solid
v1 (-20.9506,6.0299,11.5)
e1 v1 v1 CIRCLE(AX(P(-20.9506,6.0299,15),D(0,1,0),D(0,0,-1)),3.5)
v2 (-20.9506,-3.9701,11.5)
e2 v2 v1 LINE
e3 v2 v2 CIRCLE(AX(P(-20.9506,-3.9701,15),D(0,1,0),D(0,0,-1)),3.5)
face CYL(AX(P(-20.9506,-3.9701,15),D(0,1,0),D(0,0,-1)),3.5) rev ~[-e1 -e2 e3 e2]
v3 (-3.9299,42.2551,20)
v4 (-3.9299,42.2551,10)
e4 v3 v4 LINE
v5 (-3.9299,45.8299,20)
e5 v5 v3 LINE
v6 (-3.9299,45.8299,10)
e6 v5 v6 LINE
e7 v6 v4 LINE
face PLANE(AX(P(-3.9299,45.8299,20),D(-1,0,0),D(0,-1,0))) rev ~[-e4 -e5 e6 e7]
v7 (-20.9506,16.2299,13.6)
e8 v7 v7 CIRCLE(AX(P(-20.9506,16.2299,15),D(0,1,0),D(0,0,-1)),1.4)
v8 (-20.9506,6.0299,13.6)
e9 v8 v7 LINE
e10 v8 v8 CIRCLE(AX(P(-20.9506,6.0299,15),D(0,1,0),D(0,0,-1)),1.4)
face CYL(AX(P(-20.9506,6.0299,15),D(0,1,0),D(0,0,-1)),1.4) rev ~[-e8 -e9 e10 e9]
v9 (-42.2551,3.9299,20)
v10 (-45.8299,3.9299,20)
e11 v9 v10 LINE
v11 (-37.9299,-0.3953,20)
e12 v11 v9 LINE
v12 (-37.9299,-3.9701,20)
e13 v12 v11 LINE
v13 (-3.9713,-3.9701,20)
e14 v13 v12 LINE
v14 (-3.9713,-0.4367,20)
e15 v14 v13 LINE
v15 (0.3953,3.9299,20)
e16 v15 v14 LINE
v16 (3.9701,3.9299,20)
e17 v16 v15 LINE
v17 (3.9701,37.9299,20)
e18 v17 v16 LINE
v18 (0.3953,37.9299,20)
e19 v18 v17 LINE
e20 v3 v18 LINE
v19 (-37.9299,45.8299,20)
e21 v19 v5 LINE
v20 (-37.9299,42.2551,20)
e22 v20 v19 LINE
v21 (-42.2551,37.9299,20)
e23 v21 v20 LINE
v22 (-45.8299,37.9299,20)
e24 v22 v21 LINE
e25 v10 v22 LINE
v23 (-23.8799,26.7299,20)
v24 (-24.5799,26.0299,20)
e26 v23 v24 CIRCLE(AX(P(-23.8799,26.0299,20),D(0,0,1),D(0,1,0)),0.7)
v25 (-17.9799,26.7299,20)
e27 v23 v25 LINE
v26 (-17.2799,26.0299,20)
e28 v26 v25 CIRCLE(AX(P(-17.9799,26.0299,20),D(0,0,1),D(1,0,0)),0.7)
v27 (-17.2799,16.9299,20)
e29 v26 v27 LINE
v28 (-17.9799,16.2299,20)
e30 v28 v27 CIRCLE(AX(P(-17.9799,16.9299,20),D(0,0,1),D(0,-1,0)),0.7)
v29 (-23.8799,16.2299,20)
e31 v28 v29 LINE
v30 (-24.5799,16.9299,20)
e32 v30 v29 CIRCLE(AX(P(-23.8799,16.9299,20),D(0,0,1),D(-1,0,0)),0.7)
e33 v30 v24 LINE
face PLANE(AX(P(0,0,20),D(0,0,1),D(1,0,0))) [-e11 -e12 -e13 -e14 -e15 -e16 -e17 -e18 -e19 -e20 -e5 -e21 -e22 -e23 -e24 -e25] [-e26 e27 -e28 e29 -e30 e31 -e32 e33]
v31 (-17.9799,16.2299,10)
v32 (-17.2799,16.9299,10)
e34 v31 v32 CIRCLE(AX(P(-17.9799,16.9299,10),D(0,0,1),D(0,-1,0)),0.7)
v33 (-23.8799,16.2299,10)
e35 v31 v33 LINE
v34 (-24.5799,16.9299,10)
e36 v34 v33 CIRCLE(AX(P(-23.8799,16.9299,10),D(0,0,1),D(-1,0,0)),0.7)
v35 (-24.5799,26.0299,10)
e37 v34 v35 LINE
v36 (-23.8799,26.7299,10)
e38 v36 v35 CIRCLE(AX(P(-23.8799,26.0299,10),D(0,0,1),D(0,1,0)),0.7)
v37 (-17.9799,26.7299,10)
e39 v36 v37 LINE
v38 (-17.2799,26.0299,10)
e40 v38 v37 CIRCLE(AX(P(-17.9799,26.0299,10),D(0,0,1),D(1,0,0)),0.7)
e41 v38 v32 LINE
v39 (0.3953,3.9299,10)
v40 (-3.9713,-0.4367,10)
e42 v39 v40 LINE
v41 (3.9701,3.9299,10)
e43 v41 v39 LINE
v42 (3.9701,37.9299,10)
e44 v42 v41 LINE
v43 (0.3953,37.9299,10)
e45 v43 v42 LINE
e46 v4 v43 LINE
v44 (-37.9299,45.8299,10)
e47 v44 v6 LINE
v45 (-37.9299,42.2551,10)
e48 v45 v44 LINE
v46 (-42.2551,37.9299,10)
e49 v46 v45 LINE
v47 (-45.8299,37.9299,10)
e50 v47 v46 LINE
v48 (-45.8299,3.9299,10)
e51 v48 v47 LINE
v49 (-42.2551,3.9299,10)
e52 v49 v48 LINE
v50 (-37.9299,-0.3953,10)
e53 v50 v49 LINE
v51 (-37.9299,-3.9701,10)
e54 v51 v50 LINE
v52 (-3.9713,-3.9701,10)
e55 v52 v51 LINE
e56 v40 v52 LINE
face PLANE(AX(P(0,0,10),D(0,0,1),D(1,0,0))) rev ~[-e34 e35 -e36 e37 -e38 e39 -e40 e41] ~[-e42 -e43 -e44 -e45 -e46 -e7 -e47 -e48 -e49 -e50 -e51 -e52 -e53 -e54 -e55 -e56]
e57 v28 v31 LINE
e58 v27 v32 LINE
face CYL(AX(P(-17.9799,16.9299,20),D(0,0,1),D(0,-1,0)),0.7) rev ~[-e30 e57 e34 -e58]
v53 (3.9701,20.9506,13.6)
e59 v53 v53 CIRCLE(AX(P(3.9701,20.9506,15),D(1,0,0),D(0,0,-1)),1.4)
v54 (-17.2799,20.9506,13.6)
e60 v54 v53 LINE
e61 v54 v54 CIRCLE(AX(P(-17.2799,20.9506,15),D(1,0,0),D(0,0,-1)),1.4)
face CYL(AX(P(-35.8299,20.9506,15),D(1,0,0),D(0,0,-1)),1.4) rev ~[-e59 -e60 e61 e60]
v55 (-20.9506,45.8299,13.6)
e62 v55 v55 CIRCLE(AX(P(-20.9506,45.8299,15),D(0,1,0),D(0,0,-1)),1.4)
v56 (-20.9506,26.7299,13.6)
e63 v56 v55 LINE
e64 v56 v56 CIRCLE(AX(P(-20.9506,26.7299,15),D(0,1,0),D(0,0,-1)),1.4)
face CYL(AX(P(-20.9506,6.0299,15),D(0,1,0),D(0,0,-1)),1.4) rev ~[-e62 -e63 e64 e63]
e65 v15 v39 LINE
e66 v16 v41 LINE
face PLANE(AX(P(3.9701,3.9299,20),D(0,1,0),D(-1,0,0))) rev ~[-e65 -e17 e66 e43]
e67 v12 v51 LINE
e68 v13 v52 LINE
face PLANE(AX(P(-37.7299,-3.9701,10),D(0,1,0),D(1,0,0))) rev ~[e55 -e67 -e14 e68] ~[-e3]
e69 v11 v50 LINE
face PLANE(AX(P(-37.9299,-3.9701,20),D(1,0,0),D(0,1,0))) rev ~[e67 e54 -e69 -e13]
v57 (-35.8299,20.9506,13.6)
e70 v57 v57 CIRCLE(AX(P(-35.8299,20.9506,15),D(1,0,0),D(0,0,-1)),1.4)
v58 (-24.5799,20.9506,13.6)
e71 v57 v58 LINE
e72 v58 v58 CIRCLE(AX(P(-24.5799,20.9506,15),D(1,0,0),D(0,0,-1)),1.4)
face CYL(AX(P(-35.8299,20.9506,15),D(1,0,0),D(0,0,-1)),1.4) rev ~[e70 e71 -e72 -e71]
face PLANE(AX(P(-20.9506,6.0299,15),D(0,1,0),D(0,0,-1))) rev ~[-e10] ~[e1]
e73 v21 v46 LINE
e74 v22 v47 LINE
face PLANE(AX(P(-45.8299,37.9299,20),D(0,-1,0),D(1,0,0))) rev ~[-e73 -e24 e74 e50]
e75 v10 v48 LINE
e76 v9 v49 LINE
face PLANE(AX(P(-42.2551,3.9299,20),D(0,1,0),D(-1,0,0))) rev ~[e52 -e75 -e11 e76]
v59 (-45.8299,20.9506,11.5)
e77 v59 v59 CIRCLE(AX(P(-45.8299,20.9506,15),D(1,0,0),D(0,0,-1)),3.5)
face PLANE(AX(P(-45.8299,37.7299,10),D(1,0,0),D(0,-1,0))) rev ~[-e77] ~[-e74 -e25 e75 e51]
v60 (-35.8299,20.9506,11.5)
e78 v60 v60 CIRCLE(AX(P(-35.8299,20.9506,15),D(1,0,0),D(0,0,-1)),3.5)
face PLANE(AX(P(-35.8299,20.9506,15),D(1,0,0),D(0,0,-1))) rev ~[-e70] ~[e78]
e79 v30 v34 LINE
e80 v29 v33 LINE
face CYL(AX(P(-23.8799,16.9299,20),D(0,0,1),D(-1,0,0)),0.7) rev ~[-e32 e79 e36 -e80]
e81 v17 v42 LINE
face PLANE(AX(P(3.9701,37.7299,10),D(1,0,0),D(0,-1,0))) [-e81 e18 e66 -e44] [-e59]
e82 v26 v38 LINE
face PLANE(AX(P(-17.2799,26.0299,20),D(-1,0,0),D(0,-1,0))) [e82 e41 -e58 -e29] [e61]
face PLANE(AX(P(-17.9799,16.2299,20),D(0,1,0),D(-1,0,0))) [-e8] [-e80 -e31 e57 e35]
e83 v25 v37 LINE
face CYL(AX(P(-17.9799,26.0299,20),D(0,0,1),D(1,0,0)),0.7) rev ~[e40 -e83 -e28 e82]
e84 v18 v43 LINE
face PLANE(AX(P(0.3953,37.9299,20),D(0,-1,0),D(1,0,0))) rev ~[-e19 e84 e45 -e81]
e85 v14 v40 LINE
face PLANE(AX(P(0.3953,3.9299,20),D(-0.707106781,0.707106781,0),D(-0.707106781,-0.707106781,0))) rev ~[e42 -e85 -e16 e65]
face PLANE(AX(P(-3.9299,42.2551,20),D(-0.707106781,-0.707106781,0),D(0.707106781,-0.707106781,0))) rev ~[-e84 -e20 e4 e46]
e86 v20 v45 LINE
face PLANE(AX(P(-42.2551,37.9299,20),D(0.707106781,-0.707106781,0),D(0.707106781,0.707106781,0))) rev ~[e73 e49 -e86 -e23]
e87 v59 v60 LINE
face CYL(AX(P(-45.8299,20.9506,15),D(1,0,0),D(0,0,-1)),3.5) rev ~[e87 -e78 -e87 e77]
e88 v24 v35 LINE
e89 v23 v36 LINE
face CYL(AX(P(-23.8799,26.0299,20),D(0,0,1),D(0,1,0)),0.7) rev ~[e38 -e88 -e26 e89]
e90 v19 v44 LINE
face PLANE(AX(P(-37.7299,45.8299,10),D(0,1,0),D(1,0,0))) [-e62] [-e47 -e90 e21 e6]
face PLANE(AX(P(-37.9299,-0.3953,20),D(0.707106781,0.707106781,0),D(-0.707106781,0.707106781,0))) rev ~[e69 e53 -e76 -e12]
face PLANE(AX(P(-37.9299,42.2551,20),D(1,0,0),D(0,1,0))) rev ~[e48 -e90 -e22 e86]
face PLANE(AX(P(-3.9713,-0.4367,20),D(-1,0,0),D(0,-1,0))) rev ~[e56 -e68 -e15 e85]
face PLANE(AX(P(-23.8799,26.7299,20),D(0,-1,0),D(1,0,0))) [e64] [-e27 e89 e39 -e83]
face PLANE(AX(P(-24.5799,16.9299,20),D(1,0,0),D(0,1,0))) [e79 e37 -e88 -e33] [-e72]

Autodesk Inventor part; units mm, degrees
ref_plane "YZ Plane" through (0, 0, 0) normal (1, 0, 0) x (0, 1, 0)
ref_plane "XZ Plane" through (0, 0, 0) normal (0, 1, 0) x (-1, 0, 0)
ref_plane "Work Plane1" through (0, 0, 10) normal (0, 0, 1) x (1, 0, 0)
sketch "Sketch1" plane through (0, 0, 10) normal (0, 0, 1) x (1, 0, 0)
  line L0 (-4.0299, -0.3538) -> (-2.2322, 1.4439) construction
  arc A0 (-1.4439, 2.2322) -> (-2.2322, 1.4439) centre (-0.9299, 0.9299) ccw construction
  line L1 (-1.4439, 2.2322) -> (0.3538, 4.0299) construction
  line L2 (-37.8299, 42.8299) -> (-37.8299, 37.8299) construction
  line L3 (-37.8299, 37.8299) -> (-42.9208, 37.8299) construction
  line L4 (-37.8299, 42.2137) -> (-37.8299, 45.8299) construction
  line L5 (-37.8299, 45.8299) -> (-4.0299, 45.8299) construction
  line L6 (-4.0299, 45.8299) -> (-4.0299, 42.2137) construction
  line L7 (-4.0299, 4.0299) -> (0.3538, 4.0299) projected
  circle A1 centre (-20.9299, 20.9299) radius 17.5 projected
  line L8 (-20.9299, 58.9723) -> (17.1124, 20.9299) construction
  line L9 (17.1124, 20.9299) -> (-20.9299, -17.1124) construction
  line L10 (-20.9299, -17.1124) -> (-58.9723, 20.9299) construction
  line L11 (-58.9723, 20.9299) -> (-20.9299, 58.9723) construction
  line L12 (-20.9299, 58.9723) -> (-20.9299, -17.1124) construction
  line L13 (17.1124, 20.9299) -> (-58.9723, 20.9299) construction
  line L14 (-20.9299, 58.9723) -> (32.8701, 58.9723) construction
  line L15 (-43.4299, 43.4299) -> (1.5701, 43.4299) construction
  line L16 (1.5701, 43.4299) -> (1.5701, -1.5701) construction
  line L17 (1.5701, -1.5701) -> (-43.4299, -1.5701) construction
  line L18 (-43.4299, -1.5701) -> (-43.4299, 43.4299) construction
  line L19 (-43.4299, 43.4299) -> (1.5701, -1.5701) construction
  line L20 (1.5701, 43.4299) -> (-43.4299, -1.5701) construction
  line L21 (-43.4299, 5.3876) -> (-43.4299, 36.4723)
  line L22 (-43.4299, 36.4723) -> (-36.4723, 43.4299)
  line L23 (-36.4723, 43.4299) -> (-5.3876, 43.4299)
  line L24 (-5.3876, 43.4299) -> (1.5701, 36.4723)
  line L25 (1.5701, 36.4723) -> (1.5701, 5.3876)
  line L26 (1.5701, 5.3876) -> (-5.3876, -1.5701)
  line L27 (-5.3876, -1.5701) -> (-36.4723, -1.5701)
  line L28 (-36.4723, -1.5701) -> (-43.4299, 5.3876)
  line L29 (-4.0299, 42.2137) -> (-37.8299, 42.2137) projected
  line L30 (-4.0299, -0.3538) -> (-4.0299, 4.0299) projected
  circle A2 centre (-20.9299, 20.9299) radius 1.5
  line L31 (-10.9299, 10.9299) -> (-30.9299, 10.9299) construction
  line L32 (-30.9299, 10.9299) -> (-30.9299, 30.9299) construction
  line L33 (-30.9299, 30.9299) -> (-10.9299, 30.9299) construction
  line L34 (-10.9299, 30.9299) -> (-10.9299, 10.9299) construction
  line L35 (-10.9299, 10.9299) -> (-30.9299, 30.9299) construction
  line L36 (-30.9299, 10.9299) -> (-10.9299, 30.9299) construction
  circle A3 centre (-30.9299, 30.9299) radius 1.4
  circle A4 centre (-30.9299, 10.9299) radius 1.4
  circle A5 centre (-10.9299, 10.9299) radius 1.4
  line L37 (-45.8299, 37.8299) -> (-42.0723, 37.8299) construction
  line L38 (-42.1723, 37.7299) -> (-45.8299, 37.7299)
  line L39 (-45.8299, 37.7299) -> (-45.8299, 4.1299)
  line L40 (-45.8299, 4.1299) -> (-42.1723, 4.1299)
  line L41 (-42.1723, 4.1299) -> (-42.1723, 37.7299)
  line L42 (-45.8299, 4.0299) -> (-42.0723, 4.0299) construction
  line L43 (-45.8299, 37.8299) -> (-42.0723, 37.8299) projected
  line L44 (-37.7299, 45.8299) -> (-4.1299, 45.8299)
  line L45 (-4.1299, 45.8299) -> (-4.1299, 42.1723)
  line L46 (-4.1299, 42.1723) -> (-37.7299, 42.1723)
  line L47 (-37.7299, 42.1723) -> (-37.7299, 45.8299)
  line L48 (0.4701, 37.8299) -> (0.4701, 4.0299) construction
  line L49 (0.4701, 4.0299) -> (3.9701, 4.0299) construction
  line L50 (3.9701, 37.8299) -> (3.9701, 4.0299) construction
  line L51 (0.4701, 37.8299) -> (3.9701, 37.8299) construction
  line L52 (-45.8299, -3.9701) -> (-4.0299, -3.9701) construction
  line L53 (0.3124, 37.7299) -> (3.9701, 37.7299)
  line L54 (3.9701, 37.7299) -> (3.9701, 4.1299)
  line L55 (3.9701, 4.1299) -> (0.3124, 4.1299)
  line L56 (0.3124, 4.1299) -> (0.3124, 37.7299)
  line L57 (-4.1713, -0.3538) -> (-37.7299, -0.3538)
  line L58 (-37.7299, -0.3538) -> (-37.7299, -3.9701)
  line L59 (-37.7299, -3.9701) -> (-4.1713, -3.9701)
  line L60 (-4.1713, -3.9701) -> (-4.1713, -0.3538)
  point P0 (-37.8299, 4.0299)
  dimension "d18" = 53.8
  dimension "d19" = 45
  dimension "d20" = 53.8
  dimension "d21" = 45
  dimension "d22" = 45
  dimension "d30" = 20
  dimension "d31" = 20
  dimension "d32" = 2.8
  dimension "d33" = 2.8
  dimension "d34" = 2.8
  dimension "d35" = 3
  dimension "d36" = 0.1
  dimension "d37" = 0.1
  dimension "d38" = 0.1
  dimension "d39" = 0.1
extrude "Extrusion1" add sketch "Sketch1" along normal blind 10 contours L30 L26 L57 L28 L41 L22 L46 L24 L56 L7 | L7 L26 L30 | L56 L24 L25 L26 | L26 L25 L24 L53 L54 L55 | L60 L59 L58 L57 L28 L27 L26 | L26 L27 L28 L57 | L46 L22 L29 L24 | L24 L29 L45 | L40 L39 L38 L22 L21 L28 | L28 L21 L22 L41 | L29 L22 L23 L24 | L24 L23 L22 L29 L47 L44 L45 | L47 L29 L22 | A1 | A2 | A3 | A4 | A5
sketch "Skizze4" plane through (0, 0, 20) normal (0, 0, 1) x (1, 0, 0)
  line L0 (-37.7299, 42.1723) -> (-42.1723, 37.7299) projected
  line L1 (-42.1723, 37.7299) -> (-45.8299, 37.7299) projected
  line L2 (-45.8299, 37.7299) -> (-45.8299, 4.1299) construction
  line L3 (-45.8299, 4.1299) -> (-42.1723, 4.1299) projected
  line L4 (-42.1723, 4.1299) -> (-37.6885, -0.3538) projected
  line L5 (-37.6885, -0.3538) -> (-37.7299, -0.3538) projected
  line L6 (-37.7299, -0.3538) -> (-37.7299, -3.9701) projected
  line L7 (-37.7299, -3.9701) -> (-4.1713, -3.9701) construction
  line L8 (-4.1713, -3.9701) -> (-4.1713, -0.3538) projected
  line L9 (-4.1713, -0.3538) -> (0.3124, 4.1299) projected
  line L10 (0.3124, 4.1299) -> (3.9701, 4.1299) projected
  line L11 (3.9701, 4.1299) -> (3.9701, 37.7299) construction
  line L12 (3.9701, 37.7299) -> (0.3124, 37.7299) projected
  line L13 (0.3124, 37.7299) -> (-4.1299, 42.1723) projected
  line L14 (-4.1299, 42.1723) -> (-4.1299, 45.8299) projected
  line L15 (-4.1299, 45.8299) -> (-37.7299, 45.8299) construction
  line L16 (-37.7299, 45.8299) -> (-37.7299, 42.1723) projected
  line L17 (-37.9299, 46.0299) -> (-3.9299, 46.0299) construction
  line L18 (-3.9299, 46.0299) -> (-3.9299, 42.2551)
  line L19 (-3.9299, 42.2551) -> (0.3953, 37.9299)
  line L20 (0.3953, 37.9299) -> (4.1701, 37.9299)
  line L21 (4.1701, 37.9299) -> (4.1701, 3.9299) construction
  line L22 (4.1701, 3.9299) -> (0.3953, 3.9299)
  line L23 (0.3953, 3.9299) -> (-3.9713, -0.4367)
  line L24 (-3.9713, -0.4367) -> (-3.9713, -4.1701)
  line L25 (-3.9713, -4.1701) -> (-37.9299, -4.1701) construction
  line L26 (-37.9299, -4.1701) -> (-37.9299, -0.3953)
  line L27 (-37.9299, -0.3953) -> (-42.2551, 3.9299)
  line L28 (-42.2551, 3.9299) -> (-46.0299, 3.9299)
  line L29 (-46.0299, 3.9299) -> (-46.0299, 37.9299) construction
  line L30 (-46.0299, 37.9299) -> (-42.2551, 37.9299)
  line L31 (-42.2551, 37.9299) -> (-37.9299, 42.2551)
  line L32 (-37.9299, 42.2551) -> (-37.9299, 46.0299)
  line L33 (-45.8299, 37.7299) -> (-45.8299, 37.9299)
  line L34 (-4.1299, 45.8299) -> (-37.7299, 45.8299) projected
  line L35 (-37.7299, 45.8299) -> (-37.9299, 45.8299)
  line L36 (-4.1299, 45.8299) -> (-3.9299, 45.8299)
  line L37 (3.9701, 37.7299) -> (3.9701, 37.9299)
  line L38 (3.9701, 4.1299) -> (3.9701, 37.7299) projected
  line L39 (3.9701, 4.1299) -> (3.9701, 3.9299)
  line L40 (-4.1713, -3.9701) -> (-3.9713, -3.9701)
  line L41 (-37.7299, -3.9701) -> (-37.9299, -3.9701)
  line L42 (-45.8299, 4.1299) -> (-45.8299, 3.9299)
  point P0 (0, 0)
  dimension "d40" = 0.2
extrude "IM_offset" add sketch "Skizze4" against normal up to surface (10 mm away)
sketch "Sketch25" plane through (0, 0, 10) normal (0, 0, -1) x (-1, 0, 0)
  line L0 (3.9713, -3.9701) -> (37.9299, -3.9701) projected
  line L1 (37.9299, -3.9701) -> (37.9299, -0.3953) projected
  line L2 (37.9299, -0.3953) -> (42.2551, 3.9299) projected
  line L3 (42.2551, 3.9299) -> (45.8299, 3.9299) projected
  line L4 (45.8299, 3.9299) -> (45.8299, 37.9299) projected
  line L5 (45.8299, 37.9299) -> (42.2551, 37.9299) projected
  line L6 (42.2551, 37.9299) -> (37.9299, 42.2551) projected
  line L7 (37.9299, 42.2551) -> (37.9299, 45.8299) projected
  line L8 (37.9299, 45.8299) -> (3.9299, 45.8299) projected
  line L9 (3.9299, 45.8299) -> (3.9299, 42.2551) projected
  line L10 (3.9299, 42.2551) -> (-0.3953, 37.9299) projected
  line L11 (-0.3953, 37.9299) -> (-3.9701, 37.9299) projected
  line L12 (-3.9701, 37.9299) -> (-3.9701, 3.9299) projected
  line L13 (-3.9701, 3.9299) -> (-0.3953, 3.9299) projected
  line L14 (-0.3953, 3.9299) -> (3.9713, -0.4367) projected
  line L15 (3.9713, -0.4367) -> (3.9713, -3.9701) projected
  circle A0 centre (20.9299, 20.9299) radius 24.9
  circle A1 centre (20.9299, 20.9299) radius 1.5
  dimension "d167" = 3
extrude "Extrusion21" cut sketch "Sketch25" against normal through all contours A1
sketch "Sketch26" plane through (-37.9299, -3.9701, 10) normal (0, -1, 0) x (1, 0, 0)
  line L0 (8.25, 4.8) -> (8.25, 11.5)
  line L1 (10.75, 4.8) -> (10.75, 11.5)
  circle A0 centre (16.9793, 5) radius 1.4
  line L2 (33.9586, 10) -> (0, 10) projected
  point P0 (37.9299, -10)
  dimension "d155" = 2.8
  dimension "d156" = 5
hole "Hole1" at (-20.9506, -3.9701, 15) direction (0, 1, 0) diameter 2.8 end through all counterbore diameter 7 counterbore depth 10
pattern_circular "Circular Pattern1" count 2 over 90 about axis through (-20.9299, 20.9299, 10) along (0, 0, -1) of "Hole1", "Extrusion21"
sketch "Sketch27" plane through (0, 0, 20) normal (0, 0, 1) x (1, 0, 0)
  line L0 (-3.9299, 45.8299) -> (-37.9299, 45.8299) projected
  line L1 (-37.9299, 45.8299) -> (-37.9299, 42.2551) projected
  line L2 (-37.9299, 42.2551) -> (-42.2551, 37.9299) projected
  line L3 (-42.2551, 37.9299) -> (-45.8299, 37.9299) projected
  line L4 (-45.8299, 37.9299) -> (-45.8299, 3.9299) projected
  line L5 (-42.2551, 3.9299) -> (-45.8299, 3.9299) projected
  line L6 (-37.9299, -0.3953) -> (-42.2551, 3.9299) projected
  line L7 (-37.9299, -3.9701) -> (-37.9299, -0.3953) projected
  line L8 (-3.9713, -3.9701) -> (-37.9299, -3.9701) projected
  line L9 (-3.9713, -3.9701) -> (-3.9713, -0.4367) projected
  line L10 (-3.9713, -0.4367) -> (0.3953, 3.9299) projected
  line L11 (0.3953, 3.9299) -> (3.9701, 3.9299) projected
  line L12 (3.9701, 3.9299) -> (3.9701, 37.9299) projected
  line L13 (3.9701, 37.9299) -> (0.3953, 37.9299) projected
  line L14 (0.3953, 37.9299) -> (-3.9299, 42.2551) projected
  line L15 (-3.9299, 42.2551) -> (-3.9299, 45.8299) projected
  circle A0 centre (-20.9299, 20.9299) radius 24.9
  point P0 (0, 0)
sketch "Sketch28" plane through (0, 0, 20) normal (0, 0, 1) x (1, 0, 0)
  line L0 (-24.3799, 26.0299) -> (-24.3799, 16.9299) projected
  arc A0 (-24.3799, 16.9299) -> (-23.8799, 16.4299) centre (-23.8799, 16.9299) ccw projected
  line L1 (-23.8799, 16.4299) -> (-17.9799, 16.4299) projected
  arc A1 (-17.9799, 16.4299) -> (-17.4799, 16.9299) centre (-17.9799, 16.9299) ccw projected
  line L2 (-17.4799, 16.9299) -> (-17.4799, 26.0299) projected
  arc A2 (-17.4799, 26.0299) -> (-17.9799, 26.5299) centre (-17.9799, 26.0299) ccw projected
  line L3 (-17.9799, 26.5299) -> (-23.8799, 26.5299) projected
  arc A3 (-23.8799, 26.5299) -> (-24.3799, 26.0299) centre (-23.8799, 26.0299) ccw projected
  line L4 (-21.7799, 18.2799) -> (-21.7799, 17.7299) projected
  line L5 (-23.2299, 18.2799) -> (-21.7799, 18.2799) projected
  line L6 (-23.2299, 22.8799) -> (-23.2299, 18.2799) projected
  line L7 (-22.5799, 22.8799) -> (-23.2299, 22.8799) projected
  line L8 (-22.5799, 23.6799) -> (-22.5799, 22.8799) projected
  line L9 (-23.2299, 23.6799) -> (-22.5799, 23.6799) projected
  line L10 (-23.2299, 24.7799) -> (-23.2299, 23.6799) projected
  line L11 (-22.2299, 24.7799) -> (-23.2299, 24.7799) projected
  line L12 (-22.2299, 25.7799) -> (-22.2299, 24.7799) projected
  line L13 (-19.6299, 25.7799) -> (-22.2299, 25.7799) projected
  line L14 (-19.6299, 24.7799) -> (-19.6299, 25.7799) projected
  line L15 (-18.6299, 24.7799) -> (-19.6299, 24.7799) projected
  line L16 (-18.6299, 23.6799) -> (-18.6299, 24.7799) projected
  line L17 (-19.2799, 23.6799) -> (-18.6299, 23.6799) projected
  line L18 (-19.2799, 22.8799) -> (-19.2799, 23.6799) projected
  line L19 (-18.6299, 22.8799) -> (-19.2799, 22.8799) projected
  line L20 (-18.6299, 18.2799) -> (-18.6299, 22.8799) projected
  line L21 (-20.0799, 18.2799) -> (-18.6299, 18.2799) projected
  line L22 (-20.0799, 17.7299) -> (-20.0799, 18.2799) projected
  line L23 (-21.7799, 17.7299) -> (-20.0799, 17.7299) projected
  line L24 (-24.5799, 16.9299) -> (-24.5799, 26.0299)
  arc A4 (-23.8799, 26.7299) -> (-24.5799, 26.0299) centre (-23.8799, 26.0299) ccw
  line L25 (-23.8799, 26.7299) -> (-17.9799, 26.7299)
  arc A5 (-17.2799, 26.0299) -> (-17.9799, 26.7299) centre (-17.9799, 26.0299) ccw
  line L26 (-17.2799, 26.0299) -> (-17.2799, 16.9299)
  arc A6 (-17.9799, 16.2299) -> (-17.2799, 16.9299) centre (-17.9799, 16.9299) ccw
  line L27 (-17.9799, 16.2299) -> (-23.8799, 16.2299)
  arc A7 (-24.5799, 16.9299) -> (-23.8799, 16.2299) centre (-23.8799, 16.9299) ccw
  point P0 (0, 0)
  dimension "d168" = 0.2
extrude "Extrusion22" cut sketch "Sketch28" against normal blind 10 contours A3 L3 A2 L2 A1 L1 A0 L0 | L5 L6 L7 L8 L9 L10 L11 L12 L13 L14 L15 L16 L17 L18 L19 L20 L21 L22 L23 L4 | L24 A4 L25 A5 L26 A6 L27 A7
properties part number "20_Cube_Insert_Fiber_STMount_Center"
